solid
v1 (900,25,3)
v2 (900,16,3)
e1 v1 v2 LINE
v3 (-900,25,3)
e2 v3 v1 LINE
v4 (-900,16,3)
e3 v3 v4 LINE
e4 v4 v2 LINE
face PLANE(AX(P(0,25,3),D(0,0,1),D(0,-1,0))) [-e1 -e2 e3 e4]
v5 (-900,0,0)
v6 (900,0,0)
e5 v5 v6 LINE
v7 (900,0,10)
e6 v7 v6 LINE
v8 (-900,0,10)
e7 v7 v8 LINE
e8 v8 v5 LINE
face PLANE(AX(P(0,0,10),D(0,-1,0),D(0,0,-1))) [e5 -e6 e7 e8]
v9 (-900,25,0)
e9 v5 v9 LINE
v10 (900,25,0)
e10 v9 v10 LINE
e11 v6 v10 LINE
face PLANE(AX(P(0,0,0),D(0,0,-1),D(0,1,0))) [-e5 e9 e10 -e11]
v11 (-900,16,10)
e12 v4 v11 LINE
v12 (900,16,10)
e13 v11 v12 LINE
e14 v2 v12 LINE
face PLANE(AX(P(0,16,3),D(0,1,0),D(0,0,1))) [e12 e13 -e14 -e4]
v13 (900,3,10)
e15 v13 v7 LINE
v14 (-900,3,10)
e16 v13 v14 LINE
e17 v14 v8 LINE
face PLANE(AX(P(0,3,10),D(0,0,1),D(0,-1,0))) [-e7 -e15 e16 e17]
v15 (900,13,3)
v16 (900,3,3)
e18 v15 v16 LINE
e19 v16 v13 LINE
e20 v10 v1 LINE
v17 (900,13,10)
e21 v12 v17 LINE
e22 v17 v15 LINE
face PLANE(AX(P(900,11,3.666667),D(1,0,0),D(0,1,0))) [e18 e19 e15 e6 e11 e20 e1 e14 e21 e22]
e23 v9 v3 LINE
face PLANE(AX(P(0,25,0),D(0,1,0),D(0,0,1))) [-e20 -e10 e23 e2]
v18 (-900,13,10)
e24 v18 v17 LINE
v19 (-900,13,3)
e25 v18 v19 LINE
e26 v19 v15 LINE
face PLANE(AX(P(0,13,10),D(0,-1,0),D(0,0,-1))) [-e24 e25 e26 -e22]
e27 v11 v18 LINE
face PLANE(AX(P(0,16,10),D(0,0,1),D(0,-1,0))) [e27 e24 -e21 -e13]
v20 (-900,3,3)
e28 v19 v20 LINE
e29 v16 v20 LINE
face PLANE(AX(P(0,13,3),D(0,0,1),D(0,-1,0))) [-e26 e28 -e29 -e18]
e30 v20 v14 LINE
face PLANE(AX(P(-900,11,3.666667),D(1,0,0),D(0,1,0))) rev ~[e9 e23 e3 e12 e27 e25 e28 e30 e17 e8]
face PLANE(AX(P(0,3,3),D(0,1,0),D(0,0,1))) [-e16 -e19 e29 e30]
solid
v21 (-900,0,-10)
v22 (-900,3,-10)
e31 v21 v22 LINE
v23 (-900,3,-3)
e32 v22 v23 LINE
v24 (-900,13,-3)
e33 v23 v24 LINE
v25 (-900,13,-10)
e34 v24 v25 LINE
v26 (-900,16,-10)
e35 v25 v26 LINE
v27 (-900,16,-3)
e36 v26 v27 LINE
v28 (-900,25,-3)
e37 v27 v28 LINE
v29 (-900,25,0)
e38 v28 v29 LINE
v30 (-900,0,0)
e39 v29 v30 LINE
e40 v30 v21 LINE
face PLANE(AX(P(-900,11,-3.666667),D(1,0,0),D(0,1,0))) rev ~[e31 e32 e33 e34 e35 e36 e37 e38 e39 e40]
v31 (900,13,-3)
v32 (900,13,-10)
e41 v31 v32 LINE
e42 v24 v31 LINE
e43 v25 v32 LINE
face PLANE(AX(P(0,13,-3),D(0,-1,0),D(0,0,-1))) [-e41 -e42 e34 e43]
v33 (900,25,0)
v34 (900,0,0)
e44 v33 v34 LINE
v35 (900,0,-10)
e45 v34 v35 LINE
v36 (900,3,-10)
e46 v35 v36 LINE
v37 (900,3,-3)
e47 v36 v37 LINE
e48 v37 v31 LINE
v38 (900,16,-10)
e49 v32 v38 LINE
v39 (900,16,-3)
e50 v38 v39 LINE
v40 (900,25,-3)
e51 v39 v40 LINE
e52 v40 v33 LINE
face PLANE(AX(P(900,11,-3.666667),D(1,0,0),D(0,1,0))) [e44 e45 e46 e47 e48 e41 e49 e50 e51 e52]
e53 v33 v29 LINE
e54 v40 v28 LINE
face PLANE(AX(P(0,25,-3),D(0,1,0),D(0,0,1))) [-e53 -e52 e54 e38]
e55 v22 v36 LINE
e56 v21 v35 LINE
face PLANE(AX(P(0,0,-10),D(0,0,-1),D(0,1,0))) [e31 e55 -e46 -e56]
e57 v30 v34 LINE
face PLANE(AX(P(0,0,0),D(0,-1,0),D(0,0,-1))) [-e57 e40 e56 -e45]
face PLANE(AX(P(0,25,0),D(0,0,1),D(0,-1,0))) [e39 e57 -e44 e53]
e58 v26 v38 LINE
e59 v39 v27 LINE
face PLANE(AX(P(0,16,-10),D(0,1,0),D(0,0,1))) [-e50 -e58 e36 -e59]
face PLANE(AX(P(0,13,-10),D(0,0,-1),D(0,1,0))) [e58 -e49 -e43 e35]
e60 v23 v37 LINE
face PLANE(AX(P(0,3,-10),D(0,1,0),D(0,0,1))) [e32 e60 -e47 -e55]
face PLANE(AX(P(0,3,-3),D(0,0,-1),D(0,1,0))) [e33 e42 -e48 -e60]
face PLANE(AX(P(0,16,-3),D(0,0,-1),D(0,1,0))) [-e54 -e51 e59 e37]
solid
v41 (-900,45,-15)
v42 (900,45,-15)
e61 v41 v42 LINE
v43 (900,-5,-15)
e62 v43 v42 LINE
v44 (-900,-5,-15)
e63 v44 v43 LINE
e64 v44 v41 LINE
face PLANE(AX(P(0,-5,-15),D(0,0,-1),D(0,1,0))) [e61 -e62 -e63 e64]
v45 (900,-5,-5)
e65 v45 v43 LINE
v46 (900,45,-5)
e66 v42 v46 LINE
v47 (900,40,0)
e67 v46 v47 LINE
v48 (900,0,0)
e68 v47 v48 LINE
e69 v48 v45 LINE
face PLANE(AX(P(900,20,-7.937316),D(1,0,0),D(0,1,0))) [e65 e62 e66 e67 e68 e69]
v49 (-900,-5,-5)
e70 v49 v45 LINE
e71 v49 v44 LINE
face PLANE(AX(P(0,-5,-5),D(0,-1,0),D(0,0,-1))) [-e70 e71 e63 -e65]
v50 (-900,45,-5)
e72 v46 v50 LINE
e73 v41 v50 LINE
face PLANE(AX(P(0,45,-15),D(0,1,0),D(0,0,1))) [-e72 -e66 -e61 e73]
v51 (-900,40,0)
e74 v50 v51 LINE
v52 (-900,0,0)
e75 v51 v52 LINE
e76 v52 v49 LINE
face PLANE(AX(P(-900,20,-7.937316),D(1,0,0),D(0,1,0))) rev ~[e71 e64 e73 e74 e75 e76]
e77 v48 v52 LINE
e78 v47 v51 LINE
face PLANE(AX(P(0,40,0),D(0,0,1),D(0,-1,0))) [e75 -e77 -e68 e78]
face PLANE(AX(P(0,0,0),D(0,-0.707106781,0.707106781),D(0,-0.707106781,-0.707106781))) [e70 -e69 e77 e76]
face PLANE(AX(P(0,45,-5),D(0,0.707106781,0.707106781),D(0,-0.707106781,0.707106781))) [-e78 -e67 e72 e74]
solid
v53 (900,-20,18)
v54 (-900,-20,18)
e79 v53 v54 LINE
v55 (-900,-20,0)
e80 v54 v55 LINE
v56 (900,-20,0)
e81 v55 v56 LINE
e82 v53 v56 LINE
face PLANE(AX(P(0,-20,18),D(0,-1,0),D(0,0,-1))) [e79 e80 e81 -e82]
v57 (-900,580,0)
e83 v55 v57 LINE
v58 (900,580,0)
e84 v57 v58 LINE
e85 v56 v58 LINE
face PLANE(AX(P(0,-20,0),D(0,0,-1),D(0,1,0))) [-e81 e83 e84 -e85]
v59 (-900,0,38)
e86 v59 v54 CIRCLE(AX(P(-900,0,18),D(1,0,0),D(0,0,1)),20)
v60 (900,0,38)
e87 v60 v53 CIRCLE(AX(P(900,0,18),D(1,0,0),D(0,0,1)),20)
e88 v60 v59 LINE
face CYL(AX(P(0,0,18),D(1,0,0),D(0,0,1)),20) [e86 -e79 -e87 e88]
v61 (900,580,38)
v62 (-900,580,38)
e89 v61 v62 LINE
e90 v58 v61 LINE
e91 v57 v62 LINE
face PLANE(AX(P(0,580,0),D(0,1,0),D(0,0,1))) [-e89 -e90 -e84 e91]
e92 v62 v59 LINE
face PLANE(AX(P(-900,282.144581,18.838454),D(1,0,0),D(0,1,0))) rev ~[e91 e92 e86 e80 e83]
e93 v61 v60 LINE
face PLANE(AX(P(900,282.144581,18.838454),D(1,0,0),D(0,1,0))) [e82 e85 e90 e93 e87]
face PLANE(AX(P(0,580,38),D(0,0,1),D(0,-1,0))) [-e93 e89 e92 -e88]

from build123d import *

# Parameters (mm, degrees)
F1_DEPTH = 900
F3_DEPTH = 900
F5_DEPTH = 900
F7_DEPTH = 900


with BuildPart() as f1:
    # F0 (on Right) → F1 (new body, symmetric)
    with BuildSketch(Plane.YZ):
        with BuildLine():
            Line((-20, 18), (-20, 0))
            Line((-20, 0), (580, 0))
            Line((580, 0), (580, 38))
            Line((580, 38), (0, 38))
            ThreePointArc((0, 38), (-14.1421356237, 32.1421356237), (-20, 18))
        make_face()
    extrude(amount=F1_DEPTH, both=True)


with BuildPart() as f3:
    # F2 (on Right) → F3 (new body, symmetric)
    with BuildSketch(Plane.YZ):
        Polygon((0, 10), (0, 0), (25, 0), (25, 3), (16, 3), (16, 10), (13, 10), (13, 3), (3, 3), (3, 10), align=None)
    extrude(amount=F3_DEPTH, both=True)


with BuildPart() as f5:
    # F4 (on Right) → F5 (new body, symmetric)
    with BuildSketch(Plane.YZ):
        Polygon((25, 0), (0, 0), (-5, -5), (-5, -15), (45, -15), (45, -5), (40, 0), align=None)
    extrude(amount=F5_DEPTH, both=True)


with BuildPart() as f7:
    # F6 (on Right) → F7 (new body, symmetric)
    with BuildSketch(Plane.YZ):
        Polygon((25, 0), (0, 0), (0, -10), (3, -10), (3, -3), (13, -3), (13, -10), (16, -10), (16, -3), (25, -3), align=None)
    extrude(amount=F7_DEPTH, both=True)


solid = Compound([f1.part, f3.part, f5.part, f7.part])
